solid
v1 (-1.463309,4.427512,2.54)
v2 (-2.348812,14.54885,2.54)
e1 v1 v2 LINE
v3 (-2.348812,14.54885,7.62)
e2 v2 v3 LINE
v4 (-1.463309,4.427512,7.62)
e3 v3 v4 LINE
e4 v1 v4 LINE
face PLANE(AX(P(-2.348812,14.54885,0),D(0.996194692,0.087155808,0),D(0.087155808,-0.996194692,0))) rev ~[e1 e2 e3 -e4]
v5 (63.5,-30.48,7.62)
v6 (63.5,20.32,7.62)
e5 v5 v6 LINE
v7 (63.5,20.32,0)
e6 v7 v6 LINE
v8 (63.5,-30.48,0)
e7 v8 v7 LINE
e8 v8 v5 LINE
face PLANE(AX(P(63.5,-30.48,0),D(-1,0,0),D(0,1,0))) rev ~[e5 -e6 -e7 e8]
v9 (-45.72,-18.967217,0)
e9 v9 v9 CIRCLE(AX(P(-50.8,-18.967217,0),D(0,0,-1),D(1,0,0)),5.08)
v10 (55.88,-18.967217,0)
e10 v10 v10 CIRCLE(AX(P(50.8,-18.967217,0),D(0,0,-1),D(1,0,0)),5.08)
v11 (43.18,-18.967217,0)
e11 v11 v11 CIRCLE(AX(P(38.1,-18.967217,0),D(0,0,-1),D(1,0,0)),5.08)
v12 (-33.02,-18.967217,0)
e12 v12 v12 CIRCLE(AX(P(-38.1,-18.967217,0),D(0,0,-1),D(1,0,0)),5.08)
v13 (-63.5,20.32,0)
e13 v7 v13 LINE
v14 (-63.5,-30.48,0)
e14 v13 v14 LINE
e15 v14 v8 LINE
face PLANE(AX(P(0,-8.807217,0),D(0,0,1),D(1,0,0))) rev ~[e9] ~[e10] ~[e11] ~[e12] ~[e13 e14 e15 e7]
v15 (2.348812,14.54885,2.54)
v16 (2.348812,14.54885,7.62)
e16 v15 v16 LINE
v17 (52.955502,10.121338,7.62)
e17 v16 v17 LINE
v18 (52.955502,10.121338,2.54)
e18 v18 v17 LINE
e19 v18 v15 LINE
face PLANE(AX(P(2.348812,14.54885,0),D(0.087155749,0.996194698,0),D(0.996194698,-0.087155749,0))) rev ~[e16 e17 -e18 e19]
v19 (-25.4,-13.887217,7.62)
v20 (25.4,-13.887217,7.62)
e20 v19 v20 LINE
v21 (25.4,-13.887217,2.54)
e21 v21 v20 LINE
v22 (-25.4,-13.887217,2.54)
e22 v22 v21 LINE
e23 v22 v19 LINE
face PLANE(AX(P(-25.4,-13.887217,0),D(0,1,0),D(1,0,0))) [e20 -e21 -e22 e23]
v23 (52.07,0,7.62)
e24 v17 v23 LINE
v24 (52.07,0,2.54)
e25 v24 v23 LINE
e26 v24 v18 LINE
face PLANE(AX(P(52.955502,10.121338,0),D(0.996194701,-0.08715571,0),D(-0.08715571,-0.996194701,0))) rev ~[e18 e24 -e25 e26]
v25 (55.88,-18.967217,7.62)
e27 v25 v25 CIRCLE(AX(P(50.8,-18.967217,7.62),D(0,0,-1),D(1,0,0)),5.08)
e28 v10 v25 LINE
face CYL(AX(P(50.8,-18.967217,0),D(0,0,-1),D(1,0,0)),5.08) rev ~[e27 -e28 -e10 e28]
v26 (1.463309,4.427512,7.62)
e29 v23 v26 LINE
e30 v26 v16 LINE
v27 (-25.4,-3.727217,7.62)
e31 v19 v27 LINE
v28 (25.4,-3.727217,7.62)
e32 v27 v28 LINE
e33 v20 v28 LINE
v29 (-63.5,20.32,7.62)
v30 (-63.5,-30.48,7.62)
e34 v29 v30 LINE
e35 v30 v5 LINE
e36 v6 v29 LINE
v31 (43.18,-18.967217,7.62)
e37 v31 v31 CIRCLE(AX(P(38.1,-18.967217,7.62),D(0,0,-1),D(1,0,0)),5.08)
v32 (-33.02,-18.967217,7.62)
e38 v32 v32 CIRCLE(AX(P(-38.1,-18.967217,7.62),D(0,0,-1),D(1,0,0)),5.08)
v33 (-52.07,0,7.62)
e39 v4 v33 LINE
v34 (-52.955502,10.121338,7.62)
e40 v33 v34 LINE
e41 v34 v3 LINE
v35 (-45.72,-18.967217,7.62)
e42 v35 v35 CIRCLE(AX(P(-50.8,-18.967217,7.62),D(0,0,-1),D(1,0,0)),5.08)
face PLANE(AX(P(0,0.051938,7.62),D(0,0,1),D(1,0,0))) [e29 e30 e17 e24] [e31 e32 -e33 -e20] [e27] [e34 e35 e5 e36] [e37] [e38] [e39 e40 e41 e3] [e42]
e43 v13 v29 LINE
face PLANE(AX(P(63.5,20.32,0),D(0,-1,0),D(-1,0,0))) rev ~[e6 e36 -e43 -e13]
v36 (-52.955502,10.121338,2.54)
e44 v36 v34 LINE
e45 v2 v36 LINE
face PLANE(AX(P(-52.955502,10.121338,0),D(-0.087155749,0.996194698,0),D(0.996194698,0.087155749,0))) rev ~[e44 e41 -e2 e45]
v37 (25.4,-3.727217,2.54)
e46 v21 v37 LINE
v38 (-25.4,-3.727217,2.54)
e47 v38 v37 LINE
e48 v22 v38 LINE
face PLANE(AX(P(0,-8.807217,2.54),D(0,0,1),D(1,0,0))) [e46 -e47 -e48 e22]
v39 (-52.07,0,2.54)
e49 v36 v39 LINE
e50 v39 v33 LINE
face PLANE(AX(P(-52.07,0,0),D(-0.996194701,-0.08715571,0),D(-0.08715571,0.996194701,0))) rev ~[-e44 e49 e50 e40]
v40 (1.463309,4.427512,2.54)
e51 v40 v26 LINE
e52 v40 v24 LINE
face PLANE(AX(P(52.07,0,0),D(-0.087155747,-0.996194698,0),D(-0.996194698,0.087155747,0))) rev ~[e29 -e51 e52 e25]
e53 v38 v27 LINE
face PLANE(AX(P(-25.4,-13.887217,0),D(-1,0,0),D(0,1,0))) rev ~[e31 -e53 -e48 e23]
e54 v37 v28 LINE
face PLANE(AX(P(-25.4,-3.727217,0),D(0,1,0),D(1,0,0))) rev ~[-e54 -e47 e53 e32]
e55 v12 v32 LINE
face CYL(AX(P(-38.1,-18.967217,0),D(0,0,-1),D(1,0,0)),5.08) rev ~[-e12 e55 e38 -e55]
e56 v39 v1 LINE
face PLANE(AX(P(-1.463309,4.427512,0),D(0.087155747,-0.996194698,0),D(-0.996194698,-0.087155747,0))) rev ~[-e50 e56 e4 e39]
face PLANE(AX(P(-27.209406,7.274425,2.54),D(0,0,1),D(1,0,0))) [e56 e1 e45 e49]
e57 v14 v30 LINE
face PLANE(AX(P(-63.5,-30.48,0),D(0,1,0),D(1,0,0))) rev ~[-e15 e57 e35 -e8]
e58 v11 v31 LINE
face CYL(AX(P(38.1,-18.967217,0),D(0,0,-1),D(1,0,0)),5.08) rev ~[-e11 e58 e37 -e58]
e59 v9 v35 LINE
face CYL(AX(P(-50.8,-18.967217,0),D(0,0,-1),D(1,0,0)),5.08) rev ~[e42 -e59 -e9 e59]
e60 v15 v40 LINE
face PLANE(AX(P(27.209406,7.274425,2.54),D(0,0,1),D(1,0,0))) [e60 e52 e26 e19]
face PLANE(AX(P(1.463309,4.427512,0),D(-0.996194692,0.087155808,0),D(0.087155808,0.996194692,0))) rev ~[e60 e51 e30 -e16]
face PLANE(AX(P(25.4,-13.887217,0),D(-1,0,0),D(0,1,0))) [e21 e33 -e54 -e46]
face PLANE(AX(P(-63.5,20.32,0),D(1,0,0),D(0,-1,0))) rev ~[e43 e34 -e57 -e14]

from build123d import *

# Parameters (mm, degrees)
F0_W     = 50.8
F0_H     = 10.16
F1_DEPTH = 7.62
F2_DEPTH = 2.54


with BuildPart() as f1:
    # F0 (on Top) → F1 (new body)
    with BuildSketch(Plane.XY):
        with BuildLine():
            Line((0, 20.32), (-63.5, 20.32))
            Line((-63.5, 20.32), (-63.5, 0))
            Line((-63.5, 0), (-63.5, -18.967217))
            Line((-63.5, -18.967217), (-55.88, -18.967217))
            ThreePointArc((-55.88, -18.967217), (-50.8, -13.887217), (-45.72, -18.967217))
            Line((-45.72, -18.967217), (-43.18, -18.967217))
            ThreePointArc((-43.18, -18.967217), (-38.1, -13.887217), (-33.02, -18.967217))
            Line((-33.02, -18.967217), (33.02, -18.967217))
            ThreePointArc((33.02, -18.967217), (38.1, -13.887217), (43.18, -18.967217))
            Line((43.18, -18.967217), (45.72, -18.967217))
            ThreePointArc((45.72, -18.967217), (50.8, -13.887217), (55.88, -18.967217))
            Line((55.88, -18.967217), (63.5, -18.967217))
            Line((63.5, -18.967217), (63.5, 0))
            Line((63.5, 0), (63.5, 20.32))
            Line((63.5, 20.32), (0, 20.32))
        make_face()
        with Locations((0, -8.807217)):
            Rectangle(F0_W, F0_H, mode=Mode.SUBTRACT)
        Polygon((-1.463309, 4.427512), (-52.07, 0), (-52.955502, 10.121338), (-2.348812, 14.54885), align=None, mode=Mode.SUBTRACT)
        Polygon((2.348812, 14.54885), (52.955502, 10.121338), (52.07, 0), (1.463309, 4.427512), align=None, mode=Mode.SUBTRACT)
        with BuildLine():
            Line((-55.88, -18.967217), (-63.5, -18.967217))
            Line((-63.5, -18.967217), (-63.5, -30.48))
            Line((-63.5, -30.48), (0, -30.48))
            Line((0, -30.48), (63.5, -30.48))
            Line((63.5, -30.48), (63.5, -18.967217))
            Line((63.5, -18.967217), (55.88, -18.967217))
            ThreePointArc((55.88, -18.967217), (50.8, -24.047217), (45.72, -18.967217))
            Line((45.72, -18.967217), (43.18, -18.967217))
            ThreePointArc((43.18, -18.967217), (38.1, -24.047217), (33.02, -18.967217))
            Line((33.02, -18.967217), (-33.02, -18.967217))
            ThreePointArc((-33.02, -18.967217), (-38.1, -24.047217), (-43.18, -18.967217))
            Line((-43.18, -18.967217), (-45.72, -18.967217))
            ThreePointArc((-45.72, -18.967217), (-50.8, -24.047217), (-55.88, -18.967217))
        make_face()
    extrude(amount=F1_DEPTH)

    # F0 (on Top) → F2 (join)
    with BuildSketch(Plane.XY):
        with Locations((0, -8.807217)):
            Rectangle(F0_W, F0_H)
        Polygon((-52.955502, 10.121338), (-52.07, 0), (-1.463309, 4.427512), (-2.348812, 14.54885), align=None)
        Polygon((52.07, 0), (52.955502, 10.121338), (2.348812, 14.54885), (1.463309, 4.427512), align=None)
    extrude(amount=F2_DEPTH)


solid = f1.part
